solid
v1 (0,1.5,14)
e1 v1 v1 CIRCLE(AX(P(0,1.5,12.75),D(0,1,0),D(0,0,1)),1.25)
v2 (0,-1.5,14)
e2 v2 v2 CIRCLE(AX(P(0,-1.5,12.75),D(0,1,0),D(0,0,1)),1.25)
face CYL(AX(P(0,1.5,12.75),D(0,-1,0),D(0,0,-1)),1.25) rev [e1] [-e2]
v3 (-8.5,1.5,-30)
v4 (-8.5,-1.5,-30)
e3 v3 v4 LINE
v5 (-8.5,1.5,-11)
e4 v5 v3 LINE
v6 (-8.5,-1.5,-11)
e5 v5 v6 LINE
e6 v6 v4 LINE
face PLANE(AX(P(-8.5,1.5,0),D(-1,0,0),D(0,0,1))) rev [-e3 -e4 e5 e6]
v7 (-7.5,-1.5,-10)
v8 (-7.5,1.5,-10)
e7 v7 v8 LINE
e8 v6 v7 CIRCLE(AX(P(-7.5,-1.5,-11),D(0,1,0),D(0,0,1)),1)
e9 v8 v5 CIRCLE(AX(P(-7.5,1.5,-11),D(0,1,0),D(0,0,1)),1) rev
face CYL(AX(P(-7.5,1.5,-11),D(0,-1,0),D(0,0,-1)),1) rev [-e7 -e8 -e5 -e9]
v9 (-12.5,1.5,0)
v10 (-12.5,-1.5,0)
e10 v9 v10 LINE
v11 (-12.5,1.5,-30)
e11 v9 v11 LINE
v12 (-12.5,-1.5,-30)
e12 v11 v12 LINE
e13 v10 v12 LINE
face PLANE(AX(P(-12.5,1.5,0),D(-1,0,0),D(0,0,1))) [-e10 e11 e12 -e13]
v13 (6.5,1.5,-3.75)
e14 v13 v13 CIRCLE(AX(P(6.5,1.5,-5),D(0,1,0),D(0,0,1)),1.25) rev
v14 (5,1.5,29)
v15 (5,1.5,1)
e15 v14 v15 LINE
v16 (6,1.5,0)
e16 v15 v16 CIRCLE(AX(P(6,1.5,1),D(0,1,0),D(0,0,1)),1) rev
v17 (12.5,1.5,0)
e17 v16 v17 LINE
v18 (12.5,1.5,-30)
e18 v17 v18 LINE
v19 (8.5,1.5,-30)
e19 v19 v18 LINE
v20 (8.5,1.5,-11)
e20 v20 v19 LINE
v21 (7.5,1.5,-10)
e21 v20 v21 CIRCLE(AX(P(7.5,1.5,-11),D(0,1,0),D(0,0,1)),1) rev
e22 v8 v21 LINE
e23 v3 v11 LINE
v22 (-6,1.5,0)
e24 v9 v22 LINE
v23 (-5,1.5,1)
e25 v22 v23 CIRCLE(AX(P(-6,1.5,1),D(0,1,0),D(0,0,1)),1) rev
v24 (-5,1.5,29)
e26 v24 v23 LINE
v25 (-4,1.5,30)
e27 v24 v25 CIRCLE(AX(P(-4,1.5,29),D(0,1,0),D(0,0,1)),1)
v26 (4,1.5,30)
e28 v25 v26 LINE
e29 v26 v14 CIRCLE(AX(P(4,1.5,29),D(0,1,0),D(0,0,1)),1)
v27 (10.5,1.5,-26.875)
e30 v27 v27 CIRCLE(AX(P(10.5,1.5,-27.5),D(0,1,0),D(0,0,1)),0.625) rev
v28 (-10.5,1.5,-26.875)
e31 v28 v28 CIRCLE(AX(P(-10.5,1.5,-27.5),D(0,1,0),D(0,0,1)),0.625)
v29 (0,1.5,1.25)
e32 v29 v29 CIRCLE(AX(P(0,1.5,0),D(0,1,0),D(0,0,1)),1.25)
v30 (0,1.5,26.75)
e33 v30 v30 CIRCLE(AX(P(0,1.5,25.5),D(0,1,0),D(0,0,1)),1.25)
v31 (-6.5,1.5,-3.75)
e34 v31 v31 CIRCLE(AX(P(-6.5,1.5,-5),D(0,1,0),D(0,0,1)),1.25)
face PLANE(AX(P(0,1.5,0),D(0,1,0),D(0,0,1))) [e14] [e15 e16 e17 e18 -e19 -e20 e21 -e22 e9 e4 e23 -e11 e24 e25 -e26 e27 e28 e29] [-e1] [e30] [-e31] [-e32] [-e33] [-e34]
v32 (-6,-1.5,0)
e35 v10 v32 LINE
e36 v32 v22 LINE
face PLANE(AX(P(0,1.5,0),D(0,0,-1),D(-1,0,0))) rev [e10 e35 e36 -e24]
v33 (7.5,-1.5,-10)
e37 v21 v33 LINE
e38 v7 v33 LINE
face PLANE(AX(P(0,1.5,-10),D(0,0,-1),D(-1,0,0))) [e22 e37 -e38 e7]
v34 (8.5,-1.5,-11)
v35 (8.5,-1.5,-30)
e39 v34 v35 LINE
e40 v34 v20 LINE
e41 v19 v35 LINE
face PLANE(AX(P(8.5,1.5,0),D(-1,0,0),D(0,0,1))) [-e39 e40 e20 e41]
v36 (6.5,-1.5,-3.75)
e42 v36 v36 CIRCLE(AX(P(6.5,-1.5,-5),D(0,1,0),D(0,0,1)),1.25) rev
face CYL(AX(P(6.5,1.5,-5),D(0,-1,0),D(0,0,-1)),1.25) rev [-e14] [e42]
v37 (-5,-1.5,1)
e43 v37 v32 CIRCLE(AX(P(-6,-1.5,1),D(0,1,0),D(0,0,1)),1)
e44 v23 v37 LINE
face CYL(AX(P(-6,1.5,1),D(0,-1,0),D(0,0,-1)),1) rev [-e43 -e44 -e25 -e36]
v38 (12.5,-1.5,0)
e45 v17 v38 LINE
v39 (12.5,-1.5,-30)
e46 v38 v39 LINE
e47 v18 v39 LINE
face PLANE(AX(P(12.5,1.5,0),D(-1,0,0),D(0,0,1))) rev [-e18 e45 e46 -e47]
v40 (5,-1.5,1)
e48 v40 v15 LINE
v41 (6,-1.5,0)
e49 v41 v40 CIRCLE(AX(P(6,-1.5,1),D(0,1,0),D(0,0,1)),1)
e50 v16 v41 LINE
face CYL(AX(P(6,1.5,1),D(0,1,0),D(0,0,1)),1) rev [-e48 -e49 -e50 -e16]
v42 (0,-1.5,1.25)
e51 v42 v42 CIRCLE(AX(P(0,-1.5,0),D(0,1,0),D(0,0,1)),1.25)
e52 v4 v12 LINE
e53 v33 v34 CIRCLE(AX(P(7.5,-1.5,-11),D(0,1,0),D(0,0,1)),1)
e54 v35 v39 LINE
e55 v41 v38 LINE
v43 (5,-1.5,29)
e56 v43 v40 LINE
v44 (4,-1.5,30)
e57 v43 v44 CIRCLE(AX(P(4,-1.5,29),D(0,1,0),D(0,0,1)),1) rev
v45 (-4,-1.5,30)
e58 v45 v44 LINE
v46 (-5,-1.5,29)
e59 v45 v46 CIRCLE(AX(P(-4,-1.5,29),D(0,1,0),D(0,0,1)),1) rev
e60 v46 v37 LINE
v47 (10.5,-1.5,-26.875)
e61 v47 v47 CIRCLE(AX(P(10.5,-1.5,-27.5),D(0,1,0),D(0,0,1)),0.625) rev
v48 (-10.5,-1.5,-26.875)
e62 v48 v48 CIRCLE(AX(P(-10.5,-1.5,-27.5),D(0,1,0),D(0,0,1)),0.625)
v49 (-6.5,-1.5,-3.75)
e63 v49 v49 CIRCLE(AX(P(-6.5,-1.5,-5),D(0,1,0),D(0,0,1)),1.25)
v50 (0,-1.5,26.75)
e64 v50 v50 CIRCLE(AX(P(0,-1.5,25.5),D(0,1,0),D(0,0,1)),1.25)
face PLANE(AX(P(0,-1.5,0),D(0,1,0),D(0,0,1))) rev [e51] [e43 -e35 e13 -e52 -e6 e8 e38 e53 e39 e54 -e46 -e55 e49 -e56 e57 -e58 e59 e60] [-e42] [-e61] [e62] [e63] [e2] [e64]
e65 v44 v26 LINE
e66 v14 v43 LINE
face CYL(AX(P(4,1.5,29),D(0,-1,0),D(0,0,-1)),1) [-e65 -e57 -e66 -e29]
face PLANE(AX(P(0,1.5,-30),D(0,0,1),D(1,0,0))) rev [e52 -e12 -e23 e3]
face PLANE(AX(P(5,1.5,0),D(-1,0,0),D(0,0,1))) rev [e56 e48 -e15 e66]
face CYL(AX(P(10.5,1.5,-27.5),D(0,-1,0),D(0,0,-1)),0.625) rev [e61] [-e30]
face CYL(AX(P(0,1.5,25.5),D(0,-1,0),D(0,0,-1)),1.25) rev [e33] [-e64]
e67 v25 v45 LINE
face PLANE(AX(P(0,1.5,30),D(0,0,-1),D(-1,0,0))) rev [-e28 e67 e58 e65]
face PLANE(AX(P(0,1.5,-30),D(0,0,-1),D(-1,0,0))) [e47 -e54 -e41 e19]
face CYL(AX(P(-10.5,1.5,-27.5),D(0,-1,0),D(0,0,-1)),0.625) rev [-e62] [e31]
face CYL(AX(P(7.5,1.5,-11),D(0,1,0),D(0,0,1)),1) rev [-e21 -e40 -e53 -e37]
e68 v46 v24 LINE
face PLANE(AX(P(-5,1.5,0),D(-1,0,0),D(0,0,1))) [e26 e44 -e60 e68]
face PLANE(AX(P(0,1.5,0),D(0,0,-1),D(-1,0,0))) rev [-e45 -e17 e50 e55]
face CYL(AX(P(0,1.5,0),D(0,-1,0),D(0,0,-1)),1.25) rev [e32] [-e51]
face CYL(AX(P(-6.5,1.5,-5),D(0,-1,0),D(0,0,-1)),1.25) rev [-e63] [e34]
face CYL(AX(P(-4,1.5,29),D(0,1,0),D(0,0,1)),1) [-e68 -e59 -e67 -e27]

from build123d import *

# Parameters (mm, degrees)
SKETCH1_R           = 1.25
SKETCH1_R_2         = 0.625
BOSS_EXTRUDE1_DEPTH = 1.5
FILLET1_R           = 1


with BuildPart() as part:
    # Sketch1 → Boss-Extrude1 (new body, symmetric)
    with BuildSketch(Plane(origin=(0, 0, 0), x_dir=(1, 0, 0), z_dir=(0, 1, 0))):
        Polygon((-5, 0), (-5, -30), (5, -30), (5, 0), (12.5, 0), (12.5, 30), (8.5, 30), (8.5, 10), (-8.5, 10), (-8.5, 30), (-12.5, 30), (-12.5, 0), align=None)
        Circle(SKETCH1_R, mode=Mode.SUBTRACT)
        with Locations((0, -25.5)):
            Circle(SKETCH1_R, mode=Mode.SUBTRACT)
        with Locations((0, -12.75)):
            Circle(SKETCH1_R, mode=Mode.SUBTRACT)
        with Locations((-6.5, 5)):
            Circle(SKETCH1_R, mode=Mode.SUBTRACT)
        with Locations((6.5, 5)):
            Circle(SKETCH1_R, mode=Mode.SUBTRACT)
        with Locations((-10.5, 27.5)):
            Circle(SKETCH1_R_2, mode=Mode.SUBTRACT)
        with Locations((10.5, 27.5)):
            Circle(SKETCH1_R_2, mode=Mode.SUBTRACT)
    extrude(amount=BOSS_EXTRUDE1_DEPTH, both=True)

    # Fillet1
    fillet1_edges = [part.edges().sort_by_distance(p)[0] for p in [
        (8.5, 0, -10),
        (5, 0, 0),
        (5, 0, 30),
        (-5, 0, 30),
        (-5, 0, 0),
        (-8.5, 0, -10),
    ]]
    fillet(fillet1_edges, radius=FILLET1_R)


solid = part.part
